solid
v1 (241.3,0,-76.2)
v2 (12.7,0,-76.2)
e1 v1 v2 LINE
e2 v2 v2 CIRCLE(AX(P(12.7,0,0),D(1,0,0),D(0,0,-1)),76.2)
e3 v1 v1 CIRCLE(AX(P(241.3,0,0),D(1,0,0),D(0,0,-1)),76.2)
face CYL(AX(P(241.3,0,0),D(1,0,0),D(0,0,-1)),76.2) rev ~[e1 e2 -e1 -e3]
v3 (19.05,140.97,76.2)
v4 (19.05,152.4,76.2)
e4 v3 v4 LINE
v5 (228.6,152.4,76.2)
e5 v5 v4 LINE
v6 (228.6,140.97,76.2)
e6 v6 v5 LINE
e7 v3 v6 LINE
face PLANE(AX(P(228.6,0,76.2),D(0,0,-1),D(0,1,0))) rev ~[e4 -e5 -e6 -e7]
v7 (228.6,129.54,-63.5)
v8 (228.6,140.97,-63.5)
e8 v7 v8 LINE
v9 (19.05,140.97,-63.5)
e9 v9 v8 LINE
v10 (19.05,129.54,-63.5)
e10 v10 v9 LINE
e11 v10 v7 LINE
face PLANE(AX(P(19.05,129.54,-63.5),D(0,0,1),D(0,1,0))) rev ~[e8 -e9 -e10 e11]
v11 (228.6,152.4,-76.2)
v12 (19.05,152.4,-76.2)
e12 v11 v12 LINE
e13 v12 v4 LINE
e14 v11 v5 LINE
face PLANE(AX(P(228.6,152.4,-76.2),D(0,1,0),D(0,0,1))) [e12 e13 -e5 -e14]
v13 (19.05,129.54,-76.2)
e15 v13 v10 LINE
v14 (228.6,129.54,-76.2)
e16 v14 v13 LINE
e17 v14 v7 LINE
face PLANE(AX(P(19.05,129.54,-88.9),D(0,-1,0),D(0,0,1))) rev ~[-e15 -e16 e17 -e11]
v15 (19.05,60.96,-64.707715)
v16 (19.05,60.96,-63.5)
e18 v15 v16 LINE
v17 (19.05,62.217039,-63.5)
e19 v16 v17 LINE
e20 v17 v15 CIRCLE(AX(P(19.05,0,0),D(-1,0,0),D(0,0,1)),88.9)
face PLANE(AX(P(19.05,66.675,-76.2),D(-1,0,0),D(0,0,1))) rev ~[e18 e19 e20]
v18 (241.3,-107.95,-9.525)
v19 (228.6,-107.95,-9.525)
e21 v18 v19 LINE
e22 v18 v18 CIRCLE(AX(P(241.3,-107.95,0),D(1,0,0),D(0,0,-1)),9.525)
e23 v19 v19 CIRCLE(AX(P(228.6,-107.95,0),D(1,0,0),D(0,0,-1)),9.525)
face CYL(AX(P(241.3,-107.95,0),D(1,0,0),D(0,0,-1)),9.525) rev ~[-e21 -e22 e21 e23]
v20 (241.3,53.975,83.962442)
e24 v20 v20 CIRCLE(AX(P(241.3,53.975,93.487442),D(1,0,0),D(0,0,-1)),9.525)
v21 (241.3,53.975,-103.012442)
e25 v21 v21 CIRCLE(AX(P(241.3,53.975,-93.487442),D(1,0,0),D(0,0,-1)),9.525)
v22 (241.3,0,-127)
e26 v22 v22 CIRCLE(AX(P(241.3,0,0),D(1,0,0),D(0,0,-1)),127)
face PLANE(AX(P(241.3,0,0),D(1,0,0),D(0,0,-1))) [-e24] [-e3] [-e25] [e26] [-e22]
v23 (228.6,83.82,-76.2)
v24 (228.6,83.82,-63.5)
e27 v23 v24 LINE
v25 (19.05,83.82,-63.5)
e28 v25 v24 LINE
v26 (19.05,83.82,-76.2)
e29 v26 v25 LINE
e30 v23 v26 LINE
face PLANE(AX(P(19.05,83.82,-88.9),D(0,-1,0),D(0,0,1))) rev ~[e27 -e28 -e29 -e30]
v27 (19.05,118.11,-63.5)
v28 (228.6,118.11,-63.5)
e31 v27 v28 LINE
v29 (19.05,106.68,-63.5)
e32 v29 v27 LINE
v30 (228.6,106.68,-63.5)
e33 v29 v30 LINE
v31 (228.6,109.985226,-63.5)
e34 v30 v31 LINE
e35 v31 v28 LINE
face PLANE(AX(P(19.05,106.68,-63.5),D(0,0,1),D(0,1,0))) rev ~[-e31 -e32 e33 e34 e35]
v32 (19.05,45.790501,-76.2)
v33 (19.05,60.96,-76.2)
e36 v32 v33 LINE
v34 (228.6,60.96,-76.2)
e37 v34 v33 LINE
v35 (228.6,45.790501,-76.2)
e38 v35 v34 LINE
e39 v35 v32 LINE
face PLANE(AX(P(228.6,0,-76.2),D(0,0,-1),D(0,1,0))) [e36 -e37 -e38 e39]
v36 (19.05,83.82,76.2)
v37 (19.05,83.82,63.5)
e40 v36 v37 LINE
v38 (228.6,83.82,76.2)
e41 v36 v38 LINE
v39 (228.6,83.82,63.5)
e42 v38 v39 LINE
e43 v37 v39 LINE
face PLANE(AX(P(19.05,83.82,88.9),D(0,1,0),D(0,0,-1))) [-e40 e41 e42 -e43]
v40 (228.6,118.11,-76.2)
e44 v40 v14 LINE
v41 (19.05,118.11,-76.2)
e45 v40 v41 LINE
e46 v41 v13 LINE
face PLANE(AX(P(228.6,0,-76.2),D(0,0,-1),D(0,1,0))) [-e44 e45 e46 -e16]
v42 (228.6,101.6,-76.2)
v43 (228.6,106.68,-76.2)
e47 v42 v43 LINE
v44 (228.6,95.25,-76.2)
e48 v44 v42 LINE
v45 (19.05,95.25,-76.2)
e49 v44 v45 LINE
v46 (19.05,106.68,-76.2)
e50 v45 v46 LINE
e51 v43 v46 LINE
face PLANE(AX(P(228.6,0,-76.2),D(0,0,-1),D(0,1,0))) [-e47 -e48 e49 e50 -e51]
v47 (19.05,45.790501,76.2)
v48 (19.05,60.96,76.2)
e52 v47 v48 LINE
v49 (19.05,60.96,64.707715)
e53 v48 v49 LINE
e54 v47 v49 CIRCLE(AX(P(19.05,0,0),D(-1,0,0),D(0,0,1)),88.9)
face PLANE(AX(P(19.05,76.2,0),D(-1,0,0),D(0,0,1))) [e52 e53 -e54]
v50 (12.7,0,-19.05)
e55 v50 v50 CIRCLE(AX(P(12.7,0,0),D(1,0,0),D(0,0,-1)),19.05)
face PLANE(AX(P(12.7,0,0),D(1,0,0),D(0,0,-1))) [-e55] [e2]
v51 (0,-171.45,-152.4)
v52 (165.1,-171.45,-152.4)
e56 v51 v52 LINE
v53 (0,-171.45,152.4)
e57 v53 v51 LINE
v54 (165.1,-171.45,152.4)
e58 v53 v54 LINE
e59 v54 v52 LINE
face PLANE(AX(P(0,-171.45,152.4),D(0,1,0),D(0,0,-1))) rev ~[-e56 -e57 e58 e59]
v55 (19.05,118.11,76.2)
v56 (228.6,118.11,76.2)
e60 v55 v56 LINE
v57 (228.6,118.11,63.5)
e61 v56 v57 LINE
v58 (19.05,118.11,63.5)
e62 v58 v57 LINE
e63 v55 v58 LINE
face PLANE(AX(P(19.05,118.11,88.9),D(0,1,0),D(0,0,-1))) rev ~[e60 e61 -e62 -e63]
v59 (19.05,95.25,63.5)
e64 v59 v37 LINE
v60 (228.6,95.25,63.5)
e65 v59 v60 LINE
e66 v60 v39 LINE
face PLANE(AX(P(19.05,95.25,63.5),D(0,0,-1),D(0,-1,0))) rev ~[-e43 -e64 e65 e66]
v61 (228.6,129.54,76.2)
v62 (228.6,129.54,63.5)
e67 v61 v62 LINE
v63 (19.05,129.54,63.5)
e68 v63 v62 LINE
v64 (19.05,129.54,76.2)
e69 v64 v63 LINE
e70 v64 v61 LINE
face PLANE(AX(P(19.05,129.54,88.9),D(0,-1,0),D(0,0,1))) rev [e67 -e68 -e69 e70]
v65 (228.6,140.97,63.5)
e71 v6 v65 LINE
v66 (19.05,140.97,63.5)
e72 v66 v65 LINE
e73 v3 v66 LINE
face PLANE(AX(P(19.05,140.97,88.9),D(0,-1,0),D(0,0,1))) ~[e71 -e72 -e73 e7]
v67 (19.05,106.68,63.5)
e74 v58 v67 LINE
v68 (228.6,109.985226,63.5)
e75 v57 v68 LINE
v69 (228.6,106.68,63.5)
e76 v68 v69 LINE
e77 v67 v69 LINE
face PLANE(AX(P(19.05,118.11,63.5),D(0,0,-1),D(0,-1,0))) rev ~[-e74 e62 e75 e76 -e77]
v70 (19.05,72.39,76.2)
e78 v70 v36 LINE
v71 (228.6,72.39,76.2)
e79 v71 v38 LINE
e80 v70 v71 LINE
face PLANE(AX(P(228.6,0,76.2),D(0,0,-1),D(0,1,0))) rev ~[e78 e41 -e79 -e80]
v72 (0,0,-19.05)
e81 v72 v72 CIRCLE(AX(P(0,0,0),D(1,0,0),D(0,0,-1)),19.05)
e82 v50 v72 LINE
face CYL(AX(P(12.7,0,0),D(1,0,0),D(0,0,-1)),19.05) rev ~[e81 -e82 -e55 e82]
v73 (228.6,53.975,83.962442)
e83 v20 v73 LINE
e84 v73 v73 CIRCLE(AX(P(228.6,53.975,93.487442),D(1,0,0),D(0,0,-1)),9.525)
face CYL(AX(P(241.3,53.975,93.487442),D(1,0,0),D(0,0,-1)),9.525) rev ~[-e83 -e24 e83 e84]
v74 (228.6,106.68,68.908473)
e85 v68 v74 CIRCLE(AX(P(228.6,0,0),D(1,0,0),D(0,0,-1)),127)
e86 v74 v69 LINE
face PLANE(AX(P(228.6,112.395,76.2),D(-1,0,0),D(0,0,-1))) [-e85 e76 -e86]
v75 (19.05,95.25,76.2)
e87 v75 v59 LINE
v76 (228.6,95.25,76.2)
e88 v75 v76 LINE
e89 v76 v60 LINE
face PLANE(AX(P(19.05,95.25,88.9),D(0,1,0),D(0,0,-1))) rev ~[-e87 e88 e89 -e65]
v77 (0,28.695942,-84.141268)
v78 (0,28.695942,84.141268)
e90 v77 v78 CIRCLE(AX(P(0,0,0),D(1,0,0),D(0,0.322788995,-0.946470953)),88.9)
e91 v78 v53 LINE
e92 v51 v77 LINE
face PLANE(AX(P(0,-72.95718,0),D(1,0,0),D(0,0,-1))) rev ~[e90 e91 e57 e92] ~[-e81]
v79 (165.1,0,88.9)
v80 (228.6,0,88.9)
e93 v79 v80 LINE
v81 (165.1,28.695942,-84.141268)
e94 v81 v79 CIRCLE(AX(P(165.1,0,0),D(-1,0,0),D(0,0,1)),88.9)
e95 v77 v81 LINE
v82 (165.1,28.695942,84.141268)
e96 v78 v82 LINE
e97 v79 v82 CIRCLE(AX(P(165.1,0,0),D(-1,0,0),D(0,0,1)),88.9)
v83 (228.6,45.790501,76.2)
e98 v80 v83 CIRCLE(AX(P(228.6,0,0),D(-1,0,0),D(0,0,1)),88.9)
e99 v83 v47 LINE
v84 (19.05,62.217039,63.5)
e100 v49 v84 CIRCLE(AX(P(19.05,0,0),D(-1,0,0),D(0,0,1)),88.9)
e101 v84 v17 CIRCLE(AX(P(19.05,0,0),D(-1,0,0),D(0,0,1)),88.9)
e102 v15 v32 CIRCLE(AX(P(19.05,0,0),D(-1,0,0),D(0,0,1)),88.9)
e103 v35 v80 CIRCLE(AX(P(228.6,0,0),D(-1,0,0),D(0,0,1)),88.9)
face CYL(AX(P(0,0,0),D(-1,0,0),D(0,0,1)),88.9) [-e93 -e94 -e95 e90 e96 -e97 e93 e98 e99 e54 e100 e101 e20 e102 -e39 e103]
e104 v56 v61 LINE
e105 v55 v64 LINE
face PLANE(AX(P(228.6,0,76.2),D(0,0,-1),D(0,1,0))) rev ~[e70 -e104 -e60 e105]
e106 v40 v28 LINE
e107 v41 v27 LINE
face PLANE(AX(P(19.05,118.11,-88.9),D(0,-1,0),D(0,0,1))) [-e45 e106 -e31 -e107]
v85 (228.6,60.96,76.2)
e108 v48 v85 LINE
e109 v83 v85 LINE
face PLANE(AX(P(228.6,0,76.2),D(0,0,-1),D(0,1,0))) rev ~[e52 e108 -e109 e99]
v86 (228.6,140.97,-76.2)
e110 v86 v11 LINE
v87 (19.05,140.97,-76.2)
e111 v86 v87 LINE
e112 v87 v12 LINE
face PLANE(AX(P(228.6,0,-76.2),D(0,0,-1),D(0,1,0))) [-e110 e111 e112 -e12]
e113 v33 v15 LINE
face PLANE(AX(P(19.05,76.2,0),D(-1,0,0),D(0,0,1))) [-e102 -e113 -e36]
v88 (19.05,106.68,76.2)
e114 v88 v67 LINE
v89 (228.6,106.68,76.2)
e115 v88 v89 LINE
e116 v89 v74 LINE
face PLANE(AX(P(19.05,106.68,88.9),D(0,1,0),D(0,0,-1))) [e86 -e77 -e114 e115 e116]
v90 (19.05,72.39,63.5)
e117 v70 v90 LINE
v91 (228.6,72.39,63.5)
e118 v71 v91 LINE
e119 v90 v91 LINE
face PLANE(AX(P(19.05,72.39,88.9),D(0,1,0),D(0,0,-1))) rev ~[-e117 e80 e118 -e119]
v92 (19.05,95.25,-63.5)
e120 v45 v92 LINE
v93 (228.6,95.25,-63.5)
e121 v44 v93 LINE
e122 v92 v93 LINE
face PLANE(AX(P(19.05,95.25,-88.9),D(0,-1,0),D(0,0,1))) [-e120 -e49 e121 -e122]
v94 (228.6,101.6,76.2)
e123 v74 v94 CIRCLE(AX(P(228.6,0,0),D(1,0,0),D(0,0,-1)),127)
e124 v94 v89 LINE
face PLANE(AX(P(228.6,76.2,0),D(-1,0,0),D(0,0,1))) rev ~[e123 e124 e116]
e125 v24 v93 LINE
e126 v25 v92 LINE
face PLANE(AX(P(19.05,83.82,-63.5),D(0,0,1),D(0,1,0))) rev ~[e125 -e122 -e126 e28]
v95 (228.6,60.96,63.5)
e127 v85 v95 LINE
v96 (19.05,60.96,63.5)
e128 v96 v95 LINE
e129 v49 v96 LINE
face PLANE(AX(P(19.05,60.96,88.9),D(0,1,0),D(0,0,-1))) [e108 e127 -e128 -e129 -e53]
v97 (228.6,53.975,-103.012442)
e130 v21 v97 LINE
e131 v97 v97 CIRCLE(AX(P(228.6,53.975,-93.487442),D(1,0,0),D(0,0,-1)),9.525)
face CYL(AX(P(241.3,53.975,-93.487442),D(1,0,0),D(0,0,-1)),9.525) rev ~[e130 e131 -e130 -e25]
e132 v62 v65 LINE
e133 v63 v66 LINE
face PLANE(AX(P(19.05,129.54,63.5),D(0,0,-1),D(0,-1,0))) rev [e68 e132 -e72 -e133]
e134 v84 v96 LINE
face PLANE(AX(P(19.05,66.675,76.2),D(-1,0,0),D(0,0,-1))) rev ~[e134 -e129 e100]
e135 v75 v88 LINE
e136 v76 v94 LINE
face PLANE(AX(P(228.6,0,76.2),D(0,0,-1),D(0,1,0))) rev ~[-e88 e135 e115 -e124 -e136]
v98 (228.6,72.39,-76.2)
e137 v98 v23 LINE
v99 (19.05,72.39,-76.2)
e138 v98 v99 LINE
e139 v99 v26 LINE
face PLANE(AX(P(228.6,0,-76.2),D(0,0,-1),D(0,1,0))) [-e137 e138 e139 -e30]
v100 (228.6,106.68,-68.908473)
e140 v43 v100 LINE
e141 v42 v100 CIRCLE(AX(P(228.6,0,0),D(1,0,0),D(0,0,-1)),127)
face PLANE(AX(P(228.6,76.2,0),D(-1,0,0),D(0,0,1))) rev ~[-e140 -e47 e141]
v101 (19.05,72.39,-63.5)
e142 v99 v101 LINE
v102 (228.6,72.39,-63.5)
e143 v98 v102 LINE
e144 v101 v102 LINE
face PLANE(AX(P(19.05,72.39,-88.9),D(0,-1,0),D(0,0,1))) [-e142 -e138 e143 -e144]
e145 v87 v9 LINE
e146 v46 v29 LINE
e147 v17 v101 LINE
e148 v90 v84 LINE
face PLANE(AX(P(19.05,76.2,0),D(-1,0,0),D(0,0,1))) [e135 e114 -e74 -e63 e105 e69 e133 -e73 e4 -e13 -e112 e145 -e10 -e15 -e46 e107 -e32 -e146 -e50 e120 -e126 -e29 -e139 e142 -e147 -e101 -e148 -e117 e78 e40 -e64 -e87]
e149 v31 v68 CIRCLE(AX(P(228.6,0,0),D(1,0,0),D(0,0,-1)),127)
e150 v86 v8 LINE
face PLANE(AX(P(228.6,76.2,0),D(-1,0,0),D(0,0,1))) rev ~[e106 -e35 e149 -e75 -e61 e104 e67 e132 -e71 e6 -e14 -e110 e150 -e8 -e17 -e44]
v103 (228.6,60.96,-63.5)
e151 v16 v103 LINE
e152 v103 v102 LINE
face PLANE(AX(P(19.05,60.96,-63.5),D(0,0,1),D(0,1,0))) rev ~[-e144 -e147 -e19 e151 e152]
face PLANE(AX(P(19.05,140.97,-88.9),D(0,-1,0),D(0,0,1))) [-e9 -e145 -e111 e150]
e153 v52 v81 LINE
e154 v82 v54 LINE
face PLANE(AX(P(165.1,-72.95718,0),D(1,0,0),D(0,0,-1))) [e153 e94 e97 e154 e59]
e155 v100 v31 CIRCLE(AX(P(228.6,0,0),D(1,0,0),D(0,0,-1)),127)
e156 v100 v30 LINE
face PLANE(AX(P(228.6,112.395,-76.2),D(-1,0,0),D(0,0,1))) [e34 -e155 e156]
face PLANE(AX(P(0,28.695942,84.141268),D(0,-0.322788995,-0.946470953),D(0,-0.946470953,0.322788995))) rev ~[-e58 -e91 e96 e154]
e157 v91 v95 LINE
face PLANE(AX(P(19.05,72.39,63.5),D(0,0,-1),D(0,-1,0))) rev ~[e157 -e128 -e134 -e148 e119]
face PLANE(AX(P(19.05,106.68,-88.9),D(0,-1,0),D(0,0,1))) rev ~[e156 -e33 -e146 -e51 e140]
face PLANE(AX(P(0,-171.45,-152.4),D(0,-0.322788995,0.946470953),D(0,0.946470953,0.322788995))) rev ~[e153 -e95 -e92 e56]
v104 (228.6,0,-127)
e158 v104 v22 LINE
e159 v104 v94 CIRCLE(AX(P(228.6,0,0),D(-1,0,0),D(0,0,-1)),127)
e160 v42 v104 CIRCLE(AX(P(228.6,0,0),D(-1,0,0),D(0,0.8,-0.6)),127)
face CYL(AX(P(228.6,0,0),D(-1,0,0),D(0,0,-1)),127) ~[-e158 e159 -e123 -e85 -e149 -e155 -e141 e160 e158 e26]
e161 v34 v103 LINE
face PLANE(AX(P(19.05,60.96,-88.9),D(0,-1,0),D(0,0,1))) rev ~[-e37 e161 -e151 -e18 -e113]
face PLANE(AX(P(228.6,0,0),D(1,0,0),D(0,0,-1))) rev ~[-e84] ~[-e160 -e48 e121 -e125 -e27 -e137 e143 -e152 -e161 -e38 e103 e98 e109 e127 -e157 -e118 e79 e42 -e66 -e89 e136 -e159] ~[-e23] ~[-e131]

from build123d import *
from build123d.topology import SkipClean

# Parameters (mm, degrees)
BOSS_EXTRUDE1_DEPTH     = 165.1
SKETCH2_R               = 88.9
BOSS_EXTRUDE2_DEPTH     = 228.6
SKETCH3_R               = 127
BOSS_EXTRUDE3_DEPTH     = 12.7
SKETCH4_W               = 152.4
SKETCH4_H               = 152.4
BOSS_EXTRUDE4_DEPTH     = 209.55
SKETCH5_W               = 25.4
SKETCH5_H               = 11.43
CUT_EXTRUDE1_DEPTH      = 209.55
LPATTERN1_COUNT         = 4
LPATTERN1_PITCH         = 22.86
MIRROR1_COPY_1_SKETCH_W = 25.4
MIRROR1_COPY_1_SKETCH_H = 11.43
MIRROR1_COPY_1_DEPTH    = 209.55
MIRROR1_COPY_2_SKETCH_W = 25.4
MIRROR1_COPY_2_SKETCH_H = 11.43
MIRROR1_COPY_2_DEPTH    = 209.55
MIRROR1_COPY_3_SKETCH_W = 25.4
MIRROR1_COPY_3_SKETCH_H = 11.43
MIRROR1_COPY_3_DEPTH    = 209.55
SKETCH7_R               = 76.2
CUT_EXTRUDE2_DEPTH      = 228.6
SKETCH8_R               = 19.05
CUT_EXTRUDE3_DEPTH      = 228.6
SKETCH9_R               = 9.525
CUT_EXTRUDE5_DEPTH      = 50.8


with BuildPart() as part:
    # Sketch1 → Boss-Extrude1 (new body)
    with BuildSketch(Plane(origin=(0, 0, 0), x_dir=(0, 0, -1), z_dir=(1, 0, 0))):
        with BuildLine():
            Line((-152.4, -171.45), (152.4, -171.45))
            Line((152.4, -171.45), (84.14126771, 28.695941668))
            ThreePointArc((84.14126771, 28.695941668), (0, 88.9), (-84.14126771, 28.695941668))
            Line((-84.14126771, 28.695941668), (-152.4, -171.45))
        make_face()
    extrude(amount=BOSS_EXTRUDE1_DEPTH)

    # Sketch2 → Boss-Extrude2 (add)
    with SkipClean():  # the faces are left unmerged after this step: merging them gives an invalid solid
        with BuildSketch(Plane.ZY):
            Circle(SKETCH2_R)
        extrude(amount=-BOSS_EXTRUDE2_DEPTH)

    # Sketch3 → Boss-Extrude3 (add)
    with BuildSketch(Plane(origin=(228.6, 0, 0), x_dir=(0, 0, -1), z_dir=(1, 0, 0))):
        Circle(SKETCH3_R)
    extrude(amount=BOSS_EXTRUDE3_DEPTH)

    # Sketch4 → Boss-Extrude4 (add)
    with BuildSketch(Plane.ZY.offset(-228.6)):
        with Locations((0, 76.2)):
            Rectangle(SKETCH4_W, SKETCH4_H)
    extrude(amount=BOSS_EXTRUDE4_DEPTH)

    # Sketch5 → Cut-Extrude1 (cut)
    with BuildSketch(Plane.ZY.offset(-19.05)):
        with Locations((-76.2, 135.255)):
            Rectangle(SKETCH5_W, SKETCH5_H)
    cut_extrude1 = extrude(amount=-CUT_EXTRUDE1_DEPTH, mode=Mode.SUBTRACT)

    # LPattern1: Cut-Extrude1 ×4
    with Locations(*[(0, -i * LPATTERN1_PITCH, 0) for i in range(1, LPATTERN1_COUNT)]):
        add(cut_extrude1, mode=Mode.SUBTRACT)

    # Mirror1: Cut-Extrude1 across plane
    add(cut_extrude1.mirror(Plane.XY), mode=Mode.SUBTRACT)

    # Mirror1 copy 1 sketch → Mirror1 copy 1 (cut)
    with BuildSketch(Plane(origin=(19.05, -22.86, 0), x_dir=(0, 0, -1), z_dir=(-1, 0, 0))):
        with Locations((-76.2, -135.255)):
            Rectangle(MIRROR1_COPY_1_SKETCH_W, MIRROR1_COPY_1_SKETCH_H)
    extrude(amount=-MIRROR1_COPY_1_DEPTH, mode=Mode.SUBTRACT)

    # Mirror1 copy 2 sketch → Mirror1 copy 2 (cut)
    with BuildSketch(Plane(origin=(19.05, -45.72, 0), x_dir=(0, 0, -1), z_dir=(-1, 0, 0))):
        with Locations((-76.2, -135.255)):
            Rectangle(MIRROR1_COPY_2_SKETCH_W, MIRROR1_COPY_2_SKETCH_H)
    extrude(amount=-MIRROR1_COPY_2_DEPTH, mode=Mode.SUBTRACT)

    # Mirror1 copy 3 sketch → Mirror1 copy 3 (cut)
    with BuildSketch(Plane(origin=(19.05, -68.58, 0), x_dir=(0, 0, -1), z_dir=(-1, 0, 0))):
        with Locations((-76.2, -135.255)):
            Rectangle(MIRROR1_COPY_3_SKETCH_W, MIRROR1_COPY_3_SKETCH_H)
    extrude(amount=-MIRROR1_COPY_3_DEPTH, mode=Mode.SUBTRACT)

    # Sketch7 → Cut-Extrude2 (cut)
    with BuildSketch(Plane(origin=(241.3, 0, 0), x_dir=(0, 0, -1), z_dir=(1, 0, 0))):
        Circle(SKETCH7_R)
    extrude(amount=-CUT_EXTRUDE2_DEPTH, mode=Mode.SUBTRACT)

    # Sketch8 → Cut-Extrude3 (cut)
    with BuildSketch(Plane(origin=(12.7, 0, 0), x_dir=(0, 0, -1), z_dir=(1, 0, 0))):
        Circle(SKETCH8_R)
    extrude(amount=-CUT_EXTRUDE3_DEPTH, mode=Mode.SUBTRACT)

    # Sketch9 → Cut-Extrude5 (cut)
    with BuildSketch(Plane(origin=(241.3, 0, 0), x_dir=(0, 0, -1), z_dir=(1, 0, 0))):
        with Locations((0, -107.95)):
            Circle(SKETCH9_R)
        with Locations((-93.487442339, 53.975)):
            Circle(SKETCH9_R)
        with Locations((93.487442339, 53.975)):
            Circle(SKETCH9_R)
    extrude(amount=-CUT_EXTRUDE5_DEPTH, mode=Mode.SUBTRACT)


solid = part.part
